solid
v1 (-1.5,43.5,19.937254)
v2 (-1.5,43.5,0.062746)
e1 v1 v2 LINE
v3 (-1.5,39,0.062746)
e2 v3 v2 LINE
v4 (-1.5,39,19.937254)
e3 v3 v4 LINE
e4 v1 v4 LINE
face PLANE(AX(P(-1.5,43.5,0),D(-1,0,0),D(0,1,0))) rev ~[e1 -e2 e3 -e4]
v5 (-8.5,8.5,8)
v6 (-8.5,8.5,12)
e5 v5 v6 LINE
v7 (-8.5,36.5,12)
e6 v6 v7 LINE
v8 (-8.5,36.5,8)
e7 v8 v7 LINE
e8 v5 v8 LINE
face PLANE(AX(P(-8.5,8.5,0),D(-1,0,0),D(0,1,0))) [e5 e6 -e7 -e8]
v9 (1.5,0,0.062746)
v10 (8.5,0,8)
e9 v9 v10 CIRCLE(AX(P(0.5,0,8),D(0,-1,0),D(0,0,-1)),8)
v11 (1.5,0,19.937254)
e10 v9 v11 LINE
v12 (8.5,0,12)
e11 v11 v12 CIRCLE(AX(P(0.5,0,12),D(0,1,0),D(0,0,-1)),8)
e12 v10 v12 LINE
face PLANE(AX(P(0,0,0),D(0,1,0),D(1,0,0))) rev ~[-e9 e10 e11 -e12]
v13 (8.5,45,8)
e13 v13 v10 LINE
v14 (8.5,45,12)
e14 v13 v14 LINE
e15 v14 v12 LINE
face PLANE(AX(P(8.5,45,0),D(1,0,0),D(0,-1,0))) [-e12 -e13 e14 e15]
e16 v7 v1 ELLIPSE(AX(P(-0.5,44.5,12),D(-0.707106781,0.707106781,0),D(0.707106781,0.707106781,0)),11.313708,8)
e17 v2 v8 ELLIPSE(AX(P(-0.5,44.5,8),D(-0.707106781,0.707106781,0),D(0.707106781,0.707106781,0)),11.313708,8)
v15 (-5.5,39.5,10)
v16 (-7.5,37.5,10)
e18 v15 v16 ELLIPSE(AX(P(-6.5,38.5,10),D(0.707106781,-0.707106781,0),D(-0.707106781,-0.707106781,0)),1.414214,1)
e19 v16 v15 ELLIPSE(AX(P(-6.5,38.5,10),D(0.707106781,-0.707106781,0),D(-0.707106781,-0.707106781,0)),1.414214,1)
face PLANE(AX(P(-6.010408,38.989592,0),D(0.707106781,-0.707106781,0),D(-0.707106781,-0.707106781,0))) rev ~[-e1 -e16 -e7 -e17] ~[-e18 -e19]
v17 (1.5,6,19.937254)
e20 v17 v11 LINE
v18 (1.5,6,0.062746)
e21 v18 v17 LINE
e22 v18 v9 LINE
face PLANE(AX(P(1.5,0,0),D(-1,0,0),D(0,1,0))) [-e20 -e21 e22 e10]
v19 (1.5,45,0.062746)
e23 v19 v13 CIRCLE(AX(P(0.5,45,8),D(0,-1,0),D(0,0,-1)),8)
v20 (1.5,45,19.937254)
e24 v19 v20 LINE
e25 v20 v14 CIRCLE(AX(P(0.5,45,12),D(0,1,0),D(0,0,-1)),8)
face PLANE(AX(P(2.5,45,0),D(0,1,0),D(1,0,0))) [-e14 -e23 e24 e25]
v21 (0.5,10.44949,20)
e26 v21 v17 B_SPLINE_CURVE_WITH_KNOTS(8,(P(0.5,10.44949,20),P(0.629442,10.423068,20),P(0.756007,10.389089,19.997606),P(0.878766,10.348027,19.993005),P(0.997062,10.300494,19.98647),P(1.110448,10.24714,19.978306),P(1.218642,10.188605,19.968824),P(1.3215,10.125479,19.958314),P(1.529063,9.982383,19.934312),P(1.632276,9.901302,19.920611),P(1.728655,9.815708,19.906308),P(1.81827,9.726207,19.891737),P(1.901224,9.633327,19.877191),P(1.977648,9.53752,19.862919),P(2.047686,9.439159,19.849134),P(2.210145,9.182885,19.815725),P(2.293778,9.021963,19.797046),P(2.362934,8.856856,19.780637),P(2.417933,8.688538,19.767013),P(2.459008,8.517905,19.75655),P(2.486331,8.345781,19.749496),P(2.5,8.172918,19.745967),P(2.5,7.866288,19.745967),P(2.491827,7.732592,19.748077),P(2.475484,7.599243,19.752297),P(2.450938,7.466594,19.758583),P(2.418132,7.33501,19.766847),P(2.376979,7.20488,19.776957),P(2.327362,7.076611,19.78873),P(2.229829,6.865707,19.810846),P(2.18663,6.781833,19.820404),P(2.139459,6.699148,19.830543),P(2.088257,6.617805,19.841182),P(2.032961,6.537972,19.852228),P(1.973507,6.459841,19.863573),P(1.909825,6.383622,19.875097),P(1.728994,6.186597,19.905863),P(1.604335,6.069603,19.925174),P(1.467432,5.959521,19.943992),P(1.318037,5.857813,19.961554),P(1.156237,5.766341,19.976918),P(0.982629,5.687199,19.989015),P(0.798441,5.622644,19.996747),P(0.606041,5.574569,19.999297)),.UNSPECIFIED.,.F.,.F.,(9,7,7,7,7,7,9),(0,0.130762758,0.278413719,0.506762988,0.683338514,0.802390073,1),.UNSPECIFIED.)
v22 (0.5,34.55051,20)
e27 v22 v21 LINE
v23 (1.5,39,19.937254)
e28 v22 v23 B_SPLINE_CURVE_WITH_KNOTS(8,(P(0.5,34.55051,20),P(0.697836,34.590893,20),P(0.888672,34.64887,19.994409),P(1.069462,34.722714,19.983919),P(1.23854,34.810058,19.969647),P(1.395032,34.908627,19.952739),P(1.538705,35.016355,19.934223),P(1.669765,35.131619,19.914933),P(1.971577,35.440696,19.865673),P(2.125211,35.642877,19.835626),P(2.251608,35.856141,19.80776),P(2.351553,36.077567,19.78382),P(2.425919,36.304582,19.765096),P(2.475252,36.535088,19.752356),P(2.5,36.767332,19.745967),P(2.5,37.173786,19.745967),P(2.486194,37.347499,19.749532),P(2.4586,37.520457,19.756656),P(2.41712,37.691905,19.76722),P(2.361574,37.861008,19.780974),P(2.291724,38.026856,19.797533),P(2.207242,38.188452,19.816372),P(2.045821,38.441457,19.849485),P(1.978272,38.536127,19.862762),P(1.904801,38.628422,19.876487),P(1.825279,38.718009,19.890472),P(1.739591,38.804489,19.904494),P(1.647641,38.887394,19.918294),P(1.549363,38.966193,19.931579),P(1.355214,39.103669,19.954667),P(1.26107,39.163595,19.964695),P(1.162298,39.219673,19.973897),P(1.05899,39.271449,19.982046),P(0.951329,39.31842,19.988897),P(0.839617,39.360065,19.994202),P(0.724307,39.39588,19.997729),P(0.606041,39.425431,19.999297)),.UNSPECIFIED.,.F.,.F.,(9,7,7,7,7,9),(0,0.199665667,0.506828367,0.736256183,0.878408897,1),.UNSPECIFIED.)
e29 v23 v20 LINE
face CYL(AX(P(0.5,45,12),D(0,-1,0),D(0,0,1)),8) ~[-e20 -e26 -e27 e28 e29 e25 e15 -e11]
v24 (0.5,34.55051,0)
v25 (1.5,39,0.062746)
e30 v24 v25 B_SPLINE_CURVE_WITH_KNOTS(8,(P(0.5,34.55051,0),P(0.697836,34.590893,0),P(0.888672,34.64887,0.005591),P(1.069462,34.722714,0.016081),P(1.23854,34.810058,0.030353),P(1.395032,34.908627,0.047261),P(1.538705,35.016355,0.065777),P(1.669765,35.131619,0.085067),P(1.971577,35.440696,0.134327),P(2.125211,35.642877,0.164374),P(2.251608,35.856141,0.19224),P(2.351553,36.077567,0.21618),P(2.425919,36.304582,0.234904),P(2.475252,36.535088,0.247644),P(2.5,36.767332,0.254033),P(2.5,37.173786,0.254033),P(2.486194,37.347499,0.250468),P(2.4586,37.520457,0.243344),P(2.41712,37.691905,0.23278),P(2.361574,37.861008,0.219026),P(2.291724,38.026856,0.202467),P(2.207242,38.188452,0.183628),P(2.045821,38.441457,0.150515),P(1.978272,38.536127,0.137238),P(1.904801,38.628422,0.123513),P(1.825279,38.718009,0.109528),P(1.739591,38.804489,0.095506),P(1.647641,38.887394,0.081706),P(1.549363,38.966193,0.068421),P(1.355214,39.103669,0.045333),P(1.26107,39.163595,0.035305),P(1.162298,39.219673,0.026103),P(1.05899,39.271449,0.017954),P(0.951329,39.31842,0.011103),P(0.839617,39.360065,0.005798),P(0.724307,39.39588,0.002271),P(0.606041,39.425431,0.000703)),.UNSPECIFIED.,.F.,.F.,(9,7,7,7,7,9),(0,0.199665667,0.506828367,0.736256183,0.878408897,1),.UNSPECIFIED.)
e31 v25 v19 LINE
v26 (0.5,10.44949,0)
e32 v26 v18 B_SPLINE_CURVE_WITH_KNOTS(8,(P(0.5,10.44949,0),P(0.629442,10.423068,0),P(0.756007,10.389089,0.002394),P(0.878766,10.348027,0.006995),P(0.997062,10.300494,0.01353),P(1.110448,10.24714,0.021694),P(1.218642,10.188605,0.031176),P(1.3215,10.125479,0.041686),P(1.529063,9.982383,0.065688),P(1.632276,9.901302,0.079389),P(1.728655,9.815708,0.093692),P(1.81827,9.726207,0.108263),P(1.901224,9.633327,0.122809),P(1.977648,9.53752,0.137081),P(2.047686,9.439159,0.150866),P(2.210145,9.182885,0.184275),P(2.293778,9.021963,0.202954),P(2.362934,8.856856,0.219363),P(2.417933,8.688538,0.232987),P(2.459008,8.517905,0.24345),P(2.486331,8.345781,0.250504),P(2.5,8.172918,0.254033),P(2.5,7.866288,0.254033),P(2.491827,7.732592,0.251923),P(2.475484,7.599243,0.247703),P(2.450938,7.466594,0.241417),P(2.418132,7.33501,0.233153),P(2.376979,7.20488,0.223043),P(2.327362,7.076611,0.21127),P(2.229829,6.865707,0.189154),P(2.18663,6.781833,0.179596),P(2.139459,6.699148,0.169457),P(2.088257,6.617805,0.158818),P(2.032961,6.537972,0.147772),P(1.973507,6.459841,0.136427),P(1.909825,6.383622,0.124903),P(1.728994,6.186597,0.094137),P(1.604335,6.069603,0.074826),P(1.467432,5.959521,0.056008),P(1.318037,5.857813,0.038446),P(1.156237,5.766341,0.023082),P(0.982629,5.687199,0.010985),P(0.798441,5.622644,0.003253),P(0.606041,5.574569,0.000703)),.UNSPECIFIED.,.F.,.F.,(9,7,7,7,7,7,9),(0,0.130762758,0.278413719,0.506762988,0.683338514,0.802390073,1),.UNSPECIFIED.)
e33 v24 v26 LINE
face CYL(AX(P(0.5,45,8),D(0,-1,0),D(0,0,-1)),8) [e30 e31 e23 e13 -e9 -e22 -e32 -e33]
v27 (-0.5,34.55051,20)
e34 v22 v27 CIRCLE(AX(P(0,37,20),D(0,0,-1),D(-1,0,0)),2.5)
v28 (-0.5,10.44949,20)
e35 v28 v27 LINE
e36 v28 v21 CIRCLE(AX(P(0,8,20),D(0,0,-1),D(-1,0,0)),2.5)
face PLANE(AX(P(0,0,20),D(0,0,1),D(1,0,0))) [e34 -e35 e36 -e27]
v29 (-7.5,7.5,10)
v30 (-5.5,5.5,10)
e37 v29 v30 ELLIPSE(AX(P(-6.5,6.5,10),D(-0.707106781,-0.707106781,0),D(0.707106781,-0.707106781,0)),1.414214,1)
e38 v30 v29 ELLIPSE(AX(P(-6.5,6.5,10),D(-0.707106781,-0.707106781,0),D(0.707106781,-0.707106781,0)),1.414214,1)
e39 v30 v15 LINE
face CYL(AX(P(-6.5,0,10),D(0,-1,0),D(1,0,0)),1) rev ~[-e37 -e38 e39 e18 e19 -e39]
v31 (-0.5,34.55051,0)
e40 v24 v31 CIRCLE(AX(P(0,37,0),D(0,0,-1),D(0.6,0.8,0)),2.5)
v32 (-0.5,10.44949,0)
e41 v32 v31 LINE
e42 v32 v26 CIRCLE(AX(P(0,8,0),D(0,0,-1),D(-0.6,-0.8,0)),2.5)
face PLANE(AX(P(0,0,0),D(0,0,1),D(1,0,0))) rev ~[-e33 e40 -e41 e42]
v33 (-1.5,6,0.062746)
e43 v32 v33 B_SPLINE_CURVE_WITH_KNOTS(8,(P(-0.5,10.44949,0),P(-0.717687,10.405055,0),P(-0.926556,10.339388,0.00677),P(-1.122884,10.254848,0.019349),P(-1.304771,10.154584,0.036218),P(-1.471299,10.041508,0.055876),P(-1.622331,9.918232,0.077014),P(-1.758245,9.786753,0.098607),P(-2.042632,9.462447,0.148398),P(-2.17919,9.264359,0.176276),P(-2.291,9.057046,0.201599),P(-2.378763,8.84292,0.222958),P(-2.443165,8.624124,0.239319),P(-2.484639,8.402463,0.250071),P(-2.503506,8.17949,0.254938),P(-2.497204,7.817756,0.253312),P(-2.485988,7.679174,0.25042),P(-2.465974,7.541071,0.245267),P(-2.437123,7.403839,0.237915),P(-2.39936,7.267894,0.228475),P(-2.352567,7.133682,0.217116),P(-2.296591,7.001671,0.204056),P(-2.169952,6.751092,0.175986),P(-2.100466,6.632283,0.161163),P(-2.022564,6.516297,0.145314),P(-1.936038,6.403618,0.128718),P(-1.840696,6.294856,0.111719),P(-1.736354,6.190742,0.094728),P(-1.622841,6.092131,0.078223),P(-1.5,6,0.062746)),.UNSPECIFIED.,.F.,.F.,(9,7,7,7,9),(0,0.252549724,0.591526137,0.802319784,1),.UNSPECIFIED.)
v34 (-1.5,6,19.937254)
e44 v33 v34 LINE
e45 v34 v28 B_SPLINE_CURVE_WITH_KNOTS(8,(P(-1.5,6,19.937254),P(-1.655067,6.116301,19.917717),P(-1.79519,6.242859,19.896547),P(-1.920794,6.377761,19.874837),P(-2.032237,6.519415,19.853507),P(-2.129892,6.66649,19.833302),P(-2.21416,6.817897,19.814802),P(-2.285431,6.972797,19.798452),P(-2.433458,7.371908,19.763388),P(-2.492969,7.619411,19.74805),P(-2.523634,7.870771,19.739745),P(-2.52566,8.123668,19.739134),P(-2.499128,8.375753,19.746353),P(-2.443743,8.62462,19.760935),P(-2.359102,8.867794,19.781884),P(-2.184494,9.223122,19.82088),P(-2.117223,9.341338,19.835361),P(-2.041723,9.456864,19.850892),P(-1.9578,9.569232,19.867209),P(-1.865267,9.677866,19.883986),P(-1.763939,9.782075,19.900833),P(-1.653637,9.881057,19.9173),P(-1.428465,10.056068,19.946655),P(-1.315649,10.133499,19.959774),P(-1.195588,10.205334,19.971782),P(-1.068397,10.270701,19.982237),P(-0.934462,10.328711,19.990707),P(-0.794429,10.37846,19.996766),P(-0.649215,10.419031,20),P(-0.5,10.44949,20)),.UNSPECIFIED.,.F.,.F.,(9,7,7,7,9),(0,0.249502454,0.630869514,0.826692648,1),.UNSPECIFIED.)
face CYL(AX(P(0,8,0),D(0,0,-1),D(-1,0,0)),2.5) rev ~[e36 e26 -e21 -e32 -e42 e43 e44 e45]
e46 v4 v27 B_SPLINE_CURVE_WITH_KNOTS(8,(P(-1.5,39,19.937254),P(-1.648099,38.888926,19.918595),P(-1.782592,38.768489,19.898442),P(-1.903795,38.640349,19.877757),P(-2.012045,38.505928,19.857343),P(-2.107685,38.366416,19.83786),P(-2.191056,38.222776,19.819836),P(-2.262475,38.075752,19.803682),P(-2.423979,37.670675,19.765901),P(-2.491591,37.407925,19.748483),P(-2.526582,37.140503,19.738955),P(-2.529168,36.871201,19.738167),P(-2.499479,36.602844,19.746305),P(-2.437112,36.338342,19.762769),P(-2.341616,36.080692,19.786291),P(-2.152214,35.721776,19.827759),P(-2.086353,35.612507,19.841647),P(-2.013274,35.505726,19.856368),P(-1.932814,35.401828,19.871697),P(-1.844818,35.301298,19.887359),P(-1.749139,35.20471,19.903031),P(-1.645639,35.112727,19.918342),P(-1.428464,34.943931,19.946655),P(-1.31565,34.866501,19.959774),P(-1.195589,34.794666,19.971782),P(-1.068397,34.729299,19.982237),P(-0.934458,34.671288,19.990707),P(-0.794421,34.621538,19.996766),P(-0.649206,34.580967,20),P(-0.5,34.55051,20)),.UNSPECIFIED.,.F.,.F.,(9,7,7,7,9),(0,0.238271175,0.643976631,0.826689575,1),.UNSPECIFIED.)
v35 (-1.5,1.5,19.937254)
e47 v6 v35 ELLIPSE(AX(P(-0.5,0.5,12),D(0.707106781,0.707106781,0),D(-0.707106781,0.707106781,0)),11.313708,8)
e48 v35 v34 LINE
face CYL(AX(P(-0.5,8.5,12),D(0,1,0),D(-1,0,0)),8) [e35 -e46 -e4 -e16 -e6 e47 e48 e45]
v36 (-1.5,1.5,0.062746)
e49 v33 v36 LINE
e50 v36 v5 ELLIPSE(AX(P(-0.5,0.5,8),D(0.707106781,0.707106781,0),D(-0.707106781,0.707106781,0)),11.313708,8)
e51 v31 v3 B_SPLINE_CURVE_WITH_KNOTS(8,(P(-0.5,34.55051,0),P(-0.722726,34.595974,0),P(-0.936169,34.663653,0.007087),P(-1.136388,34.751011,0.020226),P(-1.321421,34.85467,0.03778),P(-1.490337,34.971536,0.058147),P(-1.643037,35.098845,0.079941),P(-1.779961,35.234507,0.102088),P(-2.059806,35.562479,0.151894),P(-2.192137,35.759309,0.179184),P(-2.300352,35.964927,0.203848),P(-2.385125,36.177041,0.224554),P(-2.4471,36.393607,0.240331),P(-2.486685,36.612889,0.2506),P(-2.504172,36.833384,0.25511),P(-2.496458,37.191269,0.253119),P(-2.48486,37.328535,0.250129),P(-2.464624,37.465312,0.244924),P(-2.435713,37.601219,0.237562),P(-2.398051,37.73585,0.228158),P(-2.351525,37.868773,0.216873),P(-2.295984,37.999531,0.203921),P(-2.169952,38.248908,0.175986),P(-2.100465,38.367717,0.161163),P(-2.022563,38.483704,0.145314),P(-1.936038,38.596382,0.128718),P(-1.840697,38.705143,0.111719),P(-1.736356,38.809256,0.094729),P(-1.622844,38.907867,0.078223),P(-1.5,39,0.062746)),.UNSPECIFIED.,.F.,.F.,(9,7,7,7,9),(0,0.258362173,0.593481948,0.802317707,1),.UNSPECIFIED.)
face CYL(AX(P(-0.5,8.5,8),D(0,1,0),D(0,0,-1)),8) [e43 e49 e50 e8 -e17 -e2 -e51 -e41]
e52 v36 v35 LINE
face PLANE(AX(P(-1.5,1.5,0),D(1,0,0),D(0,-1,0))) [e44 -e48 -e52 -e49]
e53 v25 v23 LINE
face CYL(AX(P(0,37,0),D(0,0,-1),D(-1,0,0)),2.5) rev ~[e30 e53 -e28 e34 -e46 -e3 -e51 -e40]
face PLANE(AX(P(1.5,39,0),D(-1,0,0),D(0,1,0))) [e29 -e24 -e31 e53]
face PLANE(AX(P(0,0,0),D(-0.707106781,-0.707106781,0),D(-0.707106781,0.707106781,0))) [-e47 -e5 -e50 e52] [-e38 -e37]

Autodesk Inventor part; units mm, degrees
ref_plane "YZ Plane" through (0, 0, 0) normal (1, 0, 0) x (0, 1, 0)
ref_plane "XZ Plane" through (0, 0, 0) normal (0, 1, 0) x (-1, 0, 0)
ref_plane "XY Plane" through (0, 0, 0) normal (0, 0, 1) x (1, 0, 0)
sketch "Sketch1" plane through (0, 0, 0) normal (0, 0, 1) x (1, 0, 0)
  line L0 (0, 0) -> (2.5, 0)
  line L1 (2.5, 0) -> (2.5, 45)
  line L2 (2.5, 45) -> (-2.5, 45)
  line L3 (-2.5, 45) -> (-2.5, 0)
  circle A0 centre (0, 0) radius 8.5
  line L4 (0, 45) -> (8.5, 45) construction
  circle A1 centre (0, 45) radius 8.5
  line L5 (-8.5, 0) -> (-8.5, 45)
  line L6 (8.5, 45) -> (8.5, 0)
  line L7 (0, 45) -> (8.5, 45)
  line L8 (0, 45) -> (-8.5, 36.5)
  line L9 (0, 45) -> (12.0208, 45) construction
  line L10 (0, 0) -> (8.5, 0)
  line L11 (0, 0) -> (-8.5, 8.5)
  line L12 (0, 0) -> (12.0208, 0) construction
  dimension "d9" = 17
  dimension "d1" = 2.5
  dimension "d2" = 45
  dimension "d3" = 5
  dimension "d5" = 17
  dimension "d10" = 2.5
  dimension "d11" = 0
  dimension "d12" = 135
  dimension "d13" = 135
extrude "Extrusion1" add sketch "Sketch1" along normal blind 20 contours L11 L3 A0 L1 L0 | L1 A0 L10 | L11 A0 L3 | A0 L3 A1 L1 | L1 A1 L6 A0 | A0 L11 L5 L8 A1 L3 | A1 L3 L8 L2 L1 | L1 L7 A1 | A1 L8 L3
sketch "Sketch2" plane through (0, 0, 0) normal (0, 0, -1) x (-1, 0, 0)
  line L0 (0, 0) -> (-8.5, 0) projected
  line L1 (0, 0) -> (0, 8)
  circle A0 centre (0, 8) radius 2.5
  line L2 (8.5, 8.5) -> (0, 0) projected
  line L3 (0, 0) -> (-1.5, 0)
  line L4 (-1.5, 0) -> (-1.5, 8)
  line L5 (-1.5, 8) -> (1.5, 8)
  line L6 (1.5, 8) -> (1.5, 0)
  line L7 (1.5, 0) -> (0, 0)
  line L8 (0, 45) -> (8.5, 36.5) projected
  line L9 (0, 45) -> (0, 37)
  line L10 (0, 37) -> (-1.5, 37)
  line L11 (-1.5, 37) -> (-1.5, 45)
  line L12 (-8.5, 45) -> (0, 45) projected
  line L13 (0, 37) -> (1.5, 37)
  line L14 (1.5, 37) -> (1.5, 45)
  line L15 (1.5, 45) -> (0, 45)
  circle A1 centre (0, 37) radius 2.5
  point P0 (-1.5, 39)
  point P1 (1.5, 39)
  point P2 (-1.5, 6)
  point P3 (1.5, 6)
  dimension "d16" = 8
  dimension "d17" = 5
  dimension "d18" = 1.5
  dimension "d19" = 3
  dimension "d20" = 8
  dimension "d21" = 1.5
  dimension "d22" = 1.5
  dimension "d23" = 5
extrude "Extrusion2" cut sketch "Sketch2" against normal through all
fillet "Fillet1" radius 8 4 edges at (8.5, 22.5, 0) (8.5, 22.5, 20) (-8.5, 22.5, 0) (-8.5, 22.5, 20)
sketch "Sketch4" plane through (1.5, 0, 0.0627) normal (0, -1, 0) x (1, 0, 0)
  line L0 (-10, 7.9373) -> (-10, 11.9373) projected
  line L1 (-10, 9.9373) -> (-8, 9.9373)
  circle A0 centre (-8, 9.9373) radius 1
  point P0 (-1.5, -0.0627)
  dimension "d31" = 2
  dimension "d32" = 2
extrude "Extrusion4" cut sketch "Sketch4" against normal through all
properties part number "index_f1"
